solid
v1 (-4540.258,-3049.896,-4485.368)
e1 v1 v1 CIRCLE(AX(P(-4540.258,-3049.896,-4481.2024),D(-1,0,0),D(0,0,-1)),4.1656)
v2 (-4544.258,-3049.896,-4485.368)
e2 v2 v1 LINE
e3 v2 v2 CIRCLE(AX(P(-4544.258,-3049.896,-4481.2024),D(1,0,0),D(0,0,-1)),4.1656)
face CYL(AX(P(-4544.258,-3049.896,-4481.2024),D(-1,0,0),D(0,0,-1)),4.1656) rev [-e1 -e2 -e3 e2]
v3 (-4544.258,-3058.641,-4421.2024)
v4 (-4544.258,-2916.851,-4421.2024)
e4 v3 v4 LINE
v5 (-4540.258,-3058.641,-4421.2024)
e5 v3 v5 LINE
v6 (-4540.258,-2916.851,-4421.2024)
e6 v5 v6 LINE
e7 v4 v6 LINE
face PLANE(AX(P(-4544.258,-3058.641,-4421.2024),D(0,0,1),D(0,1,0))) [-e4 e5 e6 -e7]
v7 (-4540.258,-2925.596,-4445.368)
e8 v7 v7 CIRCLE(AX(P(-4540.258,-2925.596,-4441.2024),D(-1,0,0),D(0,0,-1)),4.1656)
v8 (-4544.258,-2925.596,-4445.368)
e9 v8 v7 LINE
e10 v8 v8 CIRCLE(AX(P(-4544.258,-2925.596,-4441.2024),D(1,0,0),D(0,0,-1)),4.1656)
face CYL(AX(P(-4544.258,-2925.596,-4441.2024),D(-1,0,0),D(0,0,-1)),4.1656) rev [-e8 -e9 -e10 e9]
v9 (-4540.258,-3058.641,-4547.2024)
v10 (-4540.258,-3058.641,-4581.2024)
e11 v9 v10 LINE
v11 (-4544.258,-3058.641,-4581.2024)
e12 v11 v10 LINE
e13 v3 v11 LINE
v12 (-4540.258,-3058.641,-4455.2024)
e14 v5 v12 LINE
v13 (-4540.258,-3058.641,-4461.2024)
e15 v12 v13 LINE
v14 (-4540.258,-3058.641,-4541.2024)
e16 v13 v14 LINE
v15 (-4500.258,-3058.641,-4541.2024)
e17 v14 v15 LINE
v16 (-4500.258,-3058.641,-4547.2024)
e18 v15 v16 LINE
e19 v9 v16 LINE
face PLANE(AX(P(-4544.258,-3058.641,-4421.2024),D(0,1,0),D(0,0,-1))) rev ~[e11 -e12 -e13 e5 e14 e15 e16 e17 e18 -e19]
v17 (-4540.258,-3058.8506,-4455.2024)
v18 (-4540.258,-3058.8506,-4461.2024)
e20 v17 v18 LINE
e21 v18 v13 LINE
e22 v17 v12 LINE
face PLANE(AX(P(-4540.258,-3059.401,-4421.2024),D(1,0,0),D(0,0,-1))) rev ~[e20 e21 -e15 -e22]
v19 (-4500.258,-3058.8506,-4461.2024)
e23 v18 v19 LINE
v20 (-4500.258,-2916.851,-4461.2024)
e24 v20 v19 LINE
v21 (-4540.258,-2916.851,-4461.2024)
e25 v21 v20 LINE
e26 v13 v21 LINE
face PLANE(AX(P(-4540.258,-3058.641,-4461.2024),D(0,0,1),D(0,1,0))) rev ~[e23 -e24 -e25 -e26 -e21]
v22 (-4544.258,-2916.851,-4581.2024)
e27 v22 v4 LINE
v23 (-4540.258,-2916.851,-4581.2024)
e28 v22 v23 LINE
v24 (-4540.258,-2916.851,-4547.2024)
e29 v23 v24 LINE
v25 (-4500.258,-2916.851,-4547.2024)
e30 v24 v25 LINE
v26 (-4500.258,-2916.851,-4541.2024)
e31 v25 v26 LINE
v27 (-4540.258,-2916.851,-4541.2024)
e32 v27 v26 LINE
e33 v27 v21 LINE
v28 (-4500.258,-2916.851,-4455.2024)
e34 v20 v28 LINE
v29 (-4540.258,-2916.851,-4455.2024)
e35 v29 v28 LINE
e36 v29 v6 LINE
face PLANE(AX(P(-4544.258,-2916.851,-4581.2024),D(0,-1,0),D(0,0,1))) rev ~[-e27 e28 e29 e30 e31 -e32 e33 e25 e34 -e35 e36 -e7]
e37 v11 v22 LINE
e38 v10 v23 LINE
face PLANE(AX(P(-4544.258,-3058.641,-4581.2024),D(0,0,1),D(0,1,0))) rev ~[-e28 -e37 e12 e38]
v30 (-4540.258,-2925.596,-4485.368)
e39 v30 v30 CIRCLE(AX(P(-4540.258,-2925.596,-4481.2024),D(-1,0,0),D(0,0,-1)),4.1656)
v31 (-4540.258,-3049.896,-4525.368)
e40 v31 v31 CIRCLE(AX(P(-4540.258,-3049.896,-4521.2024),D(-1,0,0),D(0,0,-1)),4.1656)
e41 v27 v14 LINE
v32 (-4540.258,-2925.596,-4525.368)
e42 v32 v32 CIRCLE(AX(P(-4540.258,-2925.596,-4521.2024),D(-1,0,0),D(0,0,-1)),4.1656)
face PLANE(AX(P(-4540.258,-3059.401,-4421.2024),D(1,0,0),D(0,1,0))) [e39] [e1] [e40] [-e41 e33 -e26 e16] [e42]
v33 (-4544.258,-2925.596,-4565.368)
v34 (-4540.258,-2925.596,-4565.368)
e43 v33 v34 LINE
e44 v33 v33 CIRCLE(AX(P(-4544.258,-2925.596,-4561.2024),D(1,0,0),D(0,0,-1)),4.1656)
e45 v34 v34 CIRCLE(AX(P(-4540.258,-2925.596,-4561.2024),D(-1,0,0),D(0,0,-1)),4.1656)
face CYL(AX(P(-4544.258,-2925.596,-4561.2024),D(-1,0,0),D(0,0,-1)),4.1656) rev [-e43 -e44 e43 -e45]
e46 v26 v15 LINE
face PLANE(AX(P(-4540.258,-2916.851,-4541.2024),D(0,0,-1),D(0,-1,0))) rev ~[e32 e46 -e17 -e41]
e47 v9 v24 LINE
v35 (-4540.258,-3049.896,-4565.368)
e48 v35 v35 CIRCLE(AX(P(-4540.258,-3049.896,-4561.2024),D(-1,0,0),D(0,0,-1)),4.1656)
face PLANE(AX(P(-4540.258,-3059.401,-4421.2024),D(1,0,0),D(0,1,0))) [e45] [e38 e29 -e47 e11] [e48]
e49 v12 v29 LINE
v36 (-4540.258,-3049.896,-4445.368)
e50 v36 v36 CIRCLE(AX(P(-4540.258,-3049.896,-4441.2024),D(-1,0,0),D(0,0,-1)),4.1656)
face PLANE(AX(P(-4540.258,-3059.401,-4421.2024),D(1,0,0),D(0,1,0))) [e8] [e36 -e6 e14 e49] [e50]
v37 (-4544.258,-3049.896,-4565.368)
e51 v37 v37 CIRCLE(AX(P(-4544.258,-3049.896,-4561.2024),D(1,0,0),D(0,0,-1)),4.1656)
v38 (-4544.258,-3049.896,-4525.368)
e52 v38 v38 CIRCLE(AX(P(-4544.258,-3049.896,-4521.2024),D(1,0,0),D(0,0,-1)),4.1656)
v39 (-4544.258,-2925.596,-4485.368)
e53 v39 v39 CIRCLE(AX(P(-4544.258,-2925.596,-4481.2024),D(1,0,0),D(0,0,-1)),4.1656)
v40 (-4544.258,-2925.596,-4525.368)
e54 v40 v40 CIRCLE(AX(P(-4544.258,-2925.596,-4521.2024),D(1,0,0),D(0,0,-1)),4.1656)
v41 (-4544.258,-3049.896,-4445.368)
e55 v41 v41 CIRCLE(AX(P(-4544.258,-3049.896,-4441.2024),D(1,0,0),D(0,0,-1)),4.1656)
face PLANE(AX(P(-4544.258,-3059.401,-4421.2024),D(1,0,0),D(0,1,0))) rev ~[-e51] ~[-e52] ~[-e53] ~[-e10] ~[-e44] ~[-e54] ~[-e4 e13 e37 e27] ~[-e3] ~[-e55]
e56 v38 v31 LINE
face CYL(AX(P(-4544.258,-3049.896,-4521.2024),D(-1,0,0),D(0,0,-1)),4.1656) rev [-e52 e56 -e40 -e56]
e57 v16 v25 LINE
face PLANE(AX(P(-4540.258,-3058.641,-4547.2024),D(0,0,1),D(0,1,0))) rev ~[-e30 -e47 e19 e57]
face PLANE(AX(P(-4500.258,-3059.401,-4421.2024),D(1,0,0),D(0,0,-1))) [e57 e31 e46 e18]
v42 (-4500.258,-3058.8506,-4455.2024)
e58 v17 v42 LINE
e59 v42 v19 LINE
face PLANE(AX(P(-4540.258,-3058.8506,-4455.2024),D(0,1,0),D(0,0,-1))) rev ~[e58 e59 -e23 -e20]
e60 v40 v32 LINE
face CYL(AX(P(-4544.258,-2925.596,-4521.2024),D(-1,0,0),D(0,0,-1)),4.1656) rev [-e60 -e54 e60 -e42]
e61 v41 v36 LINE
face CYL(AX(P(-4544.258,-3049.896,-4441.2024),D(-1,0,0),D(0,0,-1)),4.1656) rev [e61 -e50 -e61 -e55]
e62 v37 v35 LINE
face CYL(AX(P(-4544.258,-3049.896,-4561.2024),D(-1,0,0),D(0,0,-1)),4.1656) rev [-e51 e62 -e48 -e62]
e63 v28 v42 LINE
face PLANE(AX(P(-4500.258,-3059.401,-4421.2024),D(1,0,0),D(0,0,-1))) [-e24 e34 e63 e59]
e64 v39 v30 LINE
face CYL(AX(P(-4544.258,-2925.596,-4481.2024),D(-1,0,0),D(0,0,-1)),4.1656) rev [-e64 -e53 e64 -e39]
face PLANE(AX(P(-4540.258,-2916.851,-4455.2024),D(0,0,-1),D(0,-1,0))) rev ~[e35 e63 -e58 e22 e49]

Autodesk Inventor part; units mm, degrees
ref_plane "YZ Plane" through (0, 0, 0) normal (1, 0, 0) x (0, 1, 0)
ref_plane "XZ Plane" through (0, 0, 0) normal (0, 1, 0) x (-1, 0, 0)
ref_plane "Work Plane1" through (-4544.258, -3059.401, -4421.2024) normal (1, 0, 0) x (0, 1, 0)
sketch "Sketch1" plane through (-4544.258, -3059.401, -4421.2024) normal (1, 0, 0) x (0, 1, 0)
  line L0 (0.76, -160) -> (142.55, -160) projected
  line L1 (142.55, -160) -> (142.55, 0) projected
  line L2 (0.76, 0) -> (142.55, 0) projected
  line L3 (0.76, 0) -> (0.76, -160) projected
  arc A0 (9.505, -144.1656) -> (9.505, -135.8344) centre (9.505, -140) ccw projected
  arc A1 (9.505, -135.8344) -> (9.505, -144.1656) centre (9.505, -140) ccw projected
  arc A2 (133.805, -144.1656) -> (133.805, -135.8344) centre (133.805, -140) ccw projected
  arc A3 (133.805, -135.8344) -> (133.805, -144.1656) centre (133.805, -140) ccw projected
  arc A4 (133.805, -24.1656) -> (133.805, -15.8344) centre (133.805, -20) ccw projected
  arc A5 (133.805, -15.8344) -> (133.805, -24.1656) centre (133.805, -20) ccw projected
  arc A6 (9.505, -24.1656) -> (9.505, -15.8344) centre (9.505, -20) ccw projected
  arc A7 (9.505, -15.8344) -> (9.505, -24.1656) centre (9.505, -20) ccw projected
  arc A8 (51.655, -144.9403) -> (51.655, -135.0597) centre (51.655, -140) ccw construction
  arc A9 (51.655, -135.0597) -> (51.655, -144.9403) centre (51.655, -140) ccw construction
  arc A10 (51.655, -24.9403) -> (51.655, -15.0597) centre (51.655, -20) ccw construction
  arc A11 (51.655, -15.0597) -> (51.655, -24.9403) centre (51.655, -20) ccw construction
  arc A12 (91.655, -24.9403) -> (91.655, -15.0597) centre (91.655, -20) ccw construction
  arc A13 (91.655, -15.0597) -> (91.655, -24.9403) centre (91.655, -20) ccw construction
  arc A14 (9.505, -64.1656) -> (9.505, -55.8344) centre (9.505, -60) ccw projected
  arc A15 (9.505, -55.8344) -> (9.505, -64.1656) centre (9.505, -60) ccw projected
  arc A16 (9.505, -104.1656) -> (9.505, -95.8344) centre (9.505, -100) ccw projected
  arc A17 (9.505, -95.8344) -> (9.505, -104.1656) centre (9.505, -100) ccw projected
  arc A18 (133.805, -104.1656) -> (133.805, -95.8344) centre (133.805, -100) ccw projected
  arc A19 (133.805, -95.8344) -> (133.805, -104.1656) centre (133.805, -100) ccw projected
  arc A20 (133.805, -64.1656) -> (133.805, -55.8344) centre (133.805, -60) ccw projected
  arc A21 (133.805, -55.8344) -> (133.805, -64.1656) centre (133.805, -60) ccw projected
  arc A22 (51.655, -64.9403) -> (51.655, -55.0597) centre (51.655, -60) ccw construction
  arc A23 (51.655, -55.0597) -> (51.655, -64.9403) centre (51.655, -60) ccw construction
  arc A24 (51.655, -104.9403) -> (51.655, -95.0597) centre (51.655, -100) ccw construction
  arc A25 (51.655, -95.0597) -> (51.655, -104.9403) centre (51.655, -100) ccw construction
  arc A26 (91.655, -104.9403) -> (91.655, -95.0597) centre (91.655, -100) ccw construction
  arc A27 (91.655, -95.0597) -> (91.655, -104.9403) centre (91.655, -100) ccw construction
  arc A28 (91.655, -64.9403) -> (91.655, -55.0597) centre (91.655, -60) ccw construction
  arc A29 (91.655, -55.0597) -> (91.655, -64.9403) centre (91.655, -60) ccw construction
  arc A30 (91.655, -144.9403) -> (91.655, -135.0597) centre (91.655, -140) ccw construction
  arc A31 (91.655, -135.0597) -> (91.655, -144.9403) centre (91.655, -140) ccw construction
  point P0 (3059.401, 4421.2024)
extrude "Extrusion1" add sketch "Sketch1" along normal blind 4
sketch "Sketch2" plane through (-4540.258, -3059.401, -4421.2024) normal (1, 0, 0) x (0, 0, -1)
  line L0 (160, 142.55) -> (0, 142.55) projected
  line L1 (34, 0.5504) -> (40, 0.5504)
  line L2 (40, 0.5504) -> (40, 142.55)
  line L3 (40, 142.55) -> (34, 142.55)
  line L4 (34, 142.55) -> (34, 0.5504)
  line L5 (0, 0.76) -> (160, 0.76) projected
  line L6 (120, 0.76) -> (126, 0.76)
  line L7 (126, 0.76) -> (126, 142.55)
  line L8 (126, 142.55) -> (120, 142.55)
  line L9 (120, 142.55) -> (120, 0.76)
  line L10 (0, 142.55) -> (0, 0.76) projected
  point P0 (-4421.2024, 3059.401)
  point P1 (120, 142.55)
  point P2 (126, 0.76)
  point P3 (34, 142.55)
  dimension "d2" = 6
  dimension "d3" = 6
  dimension "d4" = 80
  dimension "d5" = 34
extrude "Extrusion2" add sketch "Sketch2" along normal blind 40 contours L7 L5 L9 L0 | L2 L5 L4 L0 | L2 L1 L4 L5
properties part number "LegHolder" material "ABS Plastic"
